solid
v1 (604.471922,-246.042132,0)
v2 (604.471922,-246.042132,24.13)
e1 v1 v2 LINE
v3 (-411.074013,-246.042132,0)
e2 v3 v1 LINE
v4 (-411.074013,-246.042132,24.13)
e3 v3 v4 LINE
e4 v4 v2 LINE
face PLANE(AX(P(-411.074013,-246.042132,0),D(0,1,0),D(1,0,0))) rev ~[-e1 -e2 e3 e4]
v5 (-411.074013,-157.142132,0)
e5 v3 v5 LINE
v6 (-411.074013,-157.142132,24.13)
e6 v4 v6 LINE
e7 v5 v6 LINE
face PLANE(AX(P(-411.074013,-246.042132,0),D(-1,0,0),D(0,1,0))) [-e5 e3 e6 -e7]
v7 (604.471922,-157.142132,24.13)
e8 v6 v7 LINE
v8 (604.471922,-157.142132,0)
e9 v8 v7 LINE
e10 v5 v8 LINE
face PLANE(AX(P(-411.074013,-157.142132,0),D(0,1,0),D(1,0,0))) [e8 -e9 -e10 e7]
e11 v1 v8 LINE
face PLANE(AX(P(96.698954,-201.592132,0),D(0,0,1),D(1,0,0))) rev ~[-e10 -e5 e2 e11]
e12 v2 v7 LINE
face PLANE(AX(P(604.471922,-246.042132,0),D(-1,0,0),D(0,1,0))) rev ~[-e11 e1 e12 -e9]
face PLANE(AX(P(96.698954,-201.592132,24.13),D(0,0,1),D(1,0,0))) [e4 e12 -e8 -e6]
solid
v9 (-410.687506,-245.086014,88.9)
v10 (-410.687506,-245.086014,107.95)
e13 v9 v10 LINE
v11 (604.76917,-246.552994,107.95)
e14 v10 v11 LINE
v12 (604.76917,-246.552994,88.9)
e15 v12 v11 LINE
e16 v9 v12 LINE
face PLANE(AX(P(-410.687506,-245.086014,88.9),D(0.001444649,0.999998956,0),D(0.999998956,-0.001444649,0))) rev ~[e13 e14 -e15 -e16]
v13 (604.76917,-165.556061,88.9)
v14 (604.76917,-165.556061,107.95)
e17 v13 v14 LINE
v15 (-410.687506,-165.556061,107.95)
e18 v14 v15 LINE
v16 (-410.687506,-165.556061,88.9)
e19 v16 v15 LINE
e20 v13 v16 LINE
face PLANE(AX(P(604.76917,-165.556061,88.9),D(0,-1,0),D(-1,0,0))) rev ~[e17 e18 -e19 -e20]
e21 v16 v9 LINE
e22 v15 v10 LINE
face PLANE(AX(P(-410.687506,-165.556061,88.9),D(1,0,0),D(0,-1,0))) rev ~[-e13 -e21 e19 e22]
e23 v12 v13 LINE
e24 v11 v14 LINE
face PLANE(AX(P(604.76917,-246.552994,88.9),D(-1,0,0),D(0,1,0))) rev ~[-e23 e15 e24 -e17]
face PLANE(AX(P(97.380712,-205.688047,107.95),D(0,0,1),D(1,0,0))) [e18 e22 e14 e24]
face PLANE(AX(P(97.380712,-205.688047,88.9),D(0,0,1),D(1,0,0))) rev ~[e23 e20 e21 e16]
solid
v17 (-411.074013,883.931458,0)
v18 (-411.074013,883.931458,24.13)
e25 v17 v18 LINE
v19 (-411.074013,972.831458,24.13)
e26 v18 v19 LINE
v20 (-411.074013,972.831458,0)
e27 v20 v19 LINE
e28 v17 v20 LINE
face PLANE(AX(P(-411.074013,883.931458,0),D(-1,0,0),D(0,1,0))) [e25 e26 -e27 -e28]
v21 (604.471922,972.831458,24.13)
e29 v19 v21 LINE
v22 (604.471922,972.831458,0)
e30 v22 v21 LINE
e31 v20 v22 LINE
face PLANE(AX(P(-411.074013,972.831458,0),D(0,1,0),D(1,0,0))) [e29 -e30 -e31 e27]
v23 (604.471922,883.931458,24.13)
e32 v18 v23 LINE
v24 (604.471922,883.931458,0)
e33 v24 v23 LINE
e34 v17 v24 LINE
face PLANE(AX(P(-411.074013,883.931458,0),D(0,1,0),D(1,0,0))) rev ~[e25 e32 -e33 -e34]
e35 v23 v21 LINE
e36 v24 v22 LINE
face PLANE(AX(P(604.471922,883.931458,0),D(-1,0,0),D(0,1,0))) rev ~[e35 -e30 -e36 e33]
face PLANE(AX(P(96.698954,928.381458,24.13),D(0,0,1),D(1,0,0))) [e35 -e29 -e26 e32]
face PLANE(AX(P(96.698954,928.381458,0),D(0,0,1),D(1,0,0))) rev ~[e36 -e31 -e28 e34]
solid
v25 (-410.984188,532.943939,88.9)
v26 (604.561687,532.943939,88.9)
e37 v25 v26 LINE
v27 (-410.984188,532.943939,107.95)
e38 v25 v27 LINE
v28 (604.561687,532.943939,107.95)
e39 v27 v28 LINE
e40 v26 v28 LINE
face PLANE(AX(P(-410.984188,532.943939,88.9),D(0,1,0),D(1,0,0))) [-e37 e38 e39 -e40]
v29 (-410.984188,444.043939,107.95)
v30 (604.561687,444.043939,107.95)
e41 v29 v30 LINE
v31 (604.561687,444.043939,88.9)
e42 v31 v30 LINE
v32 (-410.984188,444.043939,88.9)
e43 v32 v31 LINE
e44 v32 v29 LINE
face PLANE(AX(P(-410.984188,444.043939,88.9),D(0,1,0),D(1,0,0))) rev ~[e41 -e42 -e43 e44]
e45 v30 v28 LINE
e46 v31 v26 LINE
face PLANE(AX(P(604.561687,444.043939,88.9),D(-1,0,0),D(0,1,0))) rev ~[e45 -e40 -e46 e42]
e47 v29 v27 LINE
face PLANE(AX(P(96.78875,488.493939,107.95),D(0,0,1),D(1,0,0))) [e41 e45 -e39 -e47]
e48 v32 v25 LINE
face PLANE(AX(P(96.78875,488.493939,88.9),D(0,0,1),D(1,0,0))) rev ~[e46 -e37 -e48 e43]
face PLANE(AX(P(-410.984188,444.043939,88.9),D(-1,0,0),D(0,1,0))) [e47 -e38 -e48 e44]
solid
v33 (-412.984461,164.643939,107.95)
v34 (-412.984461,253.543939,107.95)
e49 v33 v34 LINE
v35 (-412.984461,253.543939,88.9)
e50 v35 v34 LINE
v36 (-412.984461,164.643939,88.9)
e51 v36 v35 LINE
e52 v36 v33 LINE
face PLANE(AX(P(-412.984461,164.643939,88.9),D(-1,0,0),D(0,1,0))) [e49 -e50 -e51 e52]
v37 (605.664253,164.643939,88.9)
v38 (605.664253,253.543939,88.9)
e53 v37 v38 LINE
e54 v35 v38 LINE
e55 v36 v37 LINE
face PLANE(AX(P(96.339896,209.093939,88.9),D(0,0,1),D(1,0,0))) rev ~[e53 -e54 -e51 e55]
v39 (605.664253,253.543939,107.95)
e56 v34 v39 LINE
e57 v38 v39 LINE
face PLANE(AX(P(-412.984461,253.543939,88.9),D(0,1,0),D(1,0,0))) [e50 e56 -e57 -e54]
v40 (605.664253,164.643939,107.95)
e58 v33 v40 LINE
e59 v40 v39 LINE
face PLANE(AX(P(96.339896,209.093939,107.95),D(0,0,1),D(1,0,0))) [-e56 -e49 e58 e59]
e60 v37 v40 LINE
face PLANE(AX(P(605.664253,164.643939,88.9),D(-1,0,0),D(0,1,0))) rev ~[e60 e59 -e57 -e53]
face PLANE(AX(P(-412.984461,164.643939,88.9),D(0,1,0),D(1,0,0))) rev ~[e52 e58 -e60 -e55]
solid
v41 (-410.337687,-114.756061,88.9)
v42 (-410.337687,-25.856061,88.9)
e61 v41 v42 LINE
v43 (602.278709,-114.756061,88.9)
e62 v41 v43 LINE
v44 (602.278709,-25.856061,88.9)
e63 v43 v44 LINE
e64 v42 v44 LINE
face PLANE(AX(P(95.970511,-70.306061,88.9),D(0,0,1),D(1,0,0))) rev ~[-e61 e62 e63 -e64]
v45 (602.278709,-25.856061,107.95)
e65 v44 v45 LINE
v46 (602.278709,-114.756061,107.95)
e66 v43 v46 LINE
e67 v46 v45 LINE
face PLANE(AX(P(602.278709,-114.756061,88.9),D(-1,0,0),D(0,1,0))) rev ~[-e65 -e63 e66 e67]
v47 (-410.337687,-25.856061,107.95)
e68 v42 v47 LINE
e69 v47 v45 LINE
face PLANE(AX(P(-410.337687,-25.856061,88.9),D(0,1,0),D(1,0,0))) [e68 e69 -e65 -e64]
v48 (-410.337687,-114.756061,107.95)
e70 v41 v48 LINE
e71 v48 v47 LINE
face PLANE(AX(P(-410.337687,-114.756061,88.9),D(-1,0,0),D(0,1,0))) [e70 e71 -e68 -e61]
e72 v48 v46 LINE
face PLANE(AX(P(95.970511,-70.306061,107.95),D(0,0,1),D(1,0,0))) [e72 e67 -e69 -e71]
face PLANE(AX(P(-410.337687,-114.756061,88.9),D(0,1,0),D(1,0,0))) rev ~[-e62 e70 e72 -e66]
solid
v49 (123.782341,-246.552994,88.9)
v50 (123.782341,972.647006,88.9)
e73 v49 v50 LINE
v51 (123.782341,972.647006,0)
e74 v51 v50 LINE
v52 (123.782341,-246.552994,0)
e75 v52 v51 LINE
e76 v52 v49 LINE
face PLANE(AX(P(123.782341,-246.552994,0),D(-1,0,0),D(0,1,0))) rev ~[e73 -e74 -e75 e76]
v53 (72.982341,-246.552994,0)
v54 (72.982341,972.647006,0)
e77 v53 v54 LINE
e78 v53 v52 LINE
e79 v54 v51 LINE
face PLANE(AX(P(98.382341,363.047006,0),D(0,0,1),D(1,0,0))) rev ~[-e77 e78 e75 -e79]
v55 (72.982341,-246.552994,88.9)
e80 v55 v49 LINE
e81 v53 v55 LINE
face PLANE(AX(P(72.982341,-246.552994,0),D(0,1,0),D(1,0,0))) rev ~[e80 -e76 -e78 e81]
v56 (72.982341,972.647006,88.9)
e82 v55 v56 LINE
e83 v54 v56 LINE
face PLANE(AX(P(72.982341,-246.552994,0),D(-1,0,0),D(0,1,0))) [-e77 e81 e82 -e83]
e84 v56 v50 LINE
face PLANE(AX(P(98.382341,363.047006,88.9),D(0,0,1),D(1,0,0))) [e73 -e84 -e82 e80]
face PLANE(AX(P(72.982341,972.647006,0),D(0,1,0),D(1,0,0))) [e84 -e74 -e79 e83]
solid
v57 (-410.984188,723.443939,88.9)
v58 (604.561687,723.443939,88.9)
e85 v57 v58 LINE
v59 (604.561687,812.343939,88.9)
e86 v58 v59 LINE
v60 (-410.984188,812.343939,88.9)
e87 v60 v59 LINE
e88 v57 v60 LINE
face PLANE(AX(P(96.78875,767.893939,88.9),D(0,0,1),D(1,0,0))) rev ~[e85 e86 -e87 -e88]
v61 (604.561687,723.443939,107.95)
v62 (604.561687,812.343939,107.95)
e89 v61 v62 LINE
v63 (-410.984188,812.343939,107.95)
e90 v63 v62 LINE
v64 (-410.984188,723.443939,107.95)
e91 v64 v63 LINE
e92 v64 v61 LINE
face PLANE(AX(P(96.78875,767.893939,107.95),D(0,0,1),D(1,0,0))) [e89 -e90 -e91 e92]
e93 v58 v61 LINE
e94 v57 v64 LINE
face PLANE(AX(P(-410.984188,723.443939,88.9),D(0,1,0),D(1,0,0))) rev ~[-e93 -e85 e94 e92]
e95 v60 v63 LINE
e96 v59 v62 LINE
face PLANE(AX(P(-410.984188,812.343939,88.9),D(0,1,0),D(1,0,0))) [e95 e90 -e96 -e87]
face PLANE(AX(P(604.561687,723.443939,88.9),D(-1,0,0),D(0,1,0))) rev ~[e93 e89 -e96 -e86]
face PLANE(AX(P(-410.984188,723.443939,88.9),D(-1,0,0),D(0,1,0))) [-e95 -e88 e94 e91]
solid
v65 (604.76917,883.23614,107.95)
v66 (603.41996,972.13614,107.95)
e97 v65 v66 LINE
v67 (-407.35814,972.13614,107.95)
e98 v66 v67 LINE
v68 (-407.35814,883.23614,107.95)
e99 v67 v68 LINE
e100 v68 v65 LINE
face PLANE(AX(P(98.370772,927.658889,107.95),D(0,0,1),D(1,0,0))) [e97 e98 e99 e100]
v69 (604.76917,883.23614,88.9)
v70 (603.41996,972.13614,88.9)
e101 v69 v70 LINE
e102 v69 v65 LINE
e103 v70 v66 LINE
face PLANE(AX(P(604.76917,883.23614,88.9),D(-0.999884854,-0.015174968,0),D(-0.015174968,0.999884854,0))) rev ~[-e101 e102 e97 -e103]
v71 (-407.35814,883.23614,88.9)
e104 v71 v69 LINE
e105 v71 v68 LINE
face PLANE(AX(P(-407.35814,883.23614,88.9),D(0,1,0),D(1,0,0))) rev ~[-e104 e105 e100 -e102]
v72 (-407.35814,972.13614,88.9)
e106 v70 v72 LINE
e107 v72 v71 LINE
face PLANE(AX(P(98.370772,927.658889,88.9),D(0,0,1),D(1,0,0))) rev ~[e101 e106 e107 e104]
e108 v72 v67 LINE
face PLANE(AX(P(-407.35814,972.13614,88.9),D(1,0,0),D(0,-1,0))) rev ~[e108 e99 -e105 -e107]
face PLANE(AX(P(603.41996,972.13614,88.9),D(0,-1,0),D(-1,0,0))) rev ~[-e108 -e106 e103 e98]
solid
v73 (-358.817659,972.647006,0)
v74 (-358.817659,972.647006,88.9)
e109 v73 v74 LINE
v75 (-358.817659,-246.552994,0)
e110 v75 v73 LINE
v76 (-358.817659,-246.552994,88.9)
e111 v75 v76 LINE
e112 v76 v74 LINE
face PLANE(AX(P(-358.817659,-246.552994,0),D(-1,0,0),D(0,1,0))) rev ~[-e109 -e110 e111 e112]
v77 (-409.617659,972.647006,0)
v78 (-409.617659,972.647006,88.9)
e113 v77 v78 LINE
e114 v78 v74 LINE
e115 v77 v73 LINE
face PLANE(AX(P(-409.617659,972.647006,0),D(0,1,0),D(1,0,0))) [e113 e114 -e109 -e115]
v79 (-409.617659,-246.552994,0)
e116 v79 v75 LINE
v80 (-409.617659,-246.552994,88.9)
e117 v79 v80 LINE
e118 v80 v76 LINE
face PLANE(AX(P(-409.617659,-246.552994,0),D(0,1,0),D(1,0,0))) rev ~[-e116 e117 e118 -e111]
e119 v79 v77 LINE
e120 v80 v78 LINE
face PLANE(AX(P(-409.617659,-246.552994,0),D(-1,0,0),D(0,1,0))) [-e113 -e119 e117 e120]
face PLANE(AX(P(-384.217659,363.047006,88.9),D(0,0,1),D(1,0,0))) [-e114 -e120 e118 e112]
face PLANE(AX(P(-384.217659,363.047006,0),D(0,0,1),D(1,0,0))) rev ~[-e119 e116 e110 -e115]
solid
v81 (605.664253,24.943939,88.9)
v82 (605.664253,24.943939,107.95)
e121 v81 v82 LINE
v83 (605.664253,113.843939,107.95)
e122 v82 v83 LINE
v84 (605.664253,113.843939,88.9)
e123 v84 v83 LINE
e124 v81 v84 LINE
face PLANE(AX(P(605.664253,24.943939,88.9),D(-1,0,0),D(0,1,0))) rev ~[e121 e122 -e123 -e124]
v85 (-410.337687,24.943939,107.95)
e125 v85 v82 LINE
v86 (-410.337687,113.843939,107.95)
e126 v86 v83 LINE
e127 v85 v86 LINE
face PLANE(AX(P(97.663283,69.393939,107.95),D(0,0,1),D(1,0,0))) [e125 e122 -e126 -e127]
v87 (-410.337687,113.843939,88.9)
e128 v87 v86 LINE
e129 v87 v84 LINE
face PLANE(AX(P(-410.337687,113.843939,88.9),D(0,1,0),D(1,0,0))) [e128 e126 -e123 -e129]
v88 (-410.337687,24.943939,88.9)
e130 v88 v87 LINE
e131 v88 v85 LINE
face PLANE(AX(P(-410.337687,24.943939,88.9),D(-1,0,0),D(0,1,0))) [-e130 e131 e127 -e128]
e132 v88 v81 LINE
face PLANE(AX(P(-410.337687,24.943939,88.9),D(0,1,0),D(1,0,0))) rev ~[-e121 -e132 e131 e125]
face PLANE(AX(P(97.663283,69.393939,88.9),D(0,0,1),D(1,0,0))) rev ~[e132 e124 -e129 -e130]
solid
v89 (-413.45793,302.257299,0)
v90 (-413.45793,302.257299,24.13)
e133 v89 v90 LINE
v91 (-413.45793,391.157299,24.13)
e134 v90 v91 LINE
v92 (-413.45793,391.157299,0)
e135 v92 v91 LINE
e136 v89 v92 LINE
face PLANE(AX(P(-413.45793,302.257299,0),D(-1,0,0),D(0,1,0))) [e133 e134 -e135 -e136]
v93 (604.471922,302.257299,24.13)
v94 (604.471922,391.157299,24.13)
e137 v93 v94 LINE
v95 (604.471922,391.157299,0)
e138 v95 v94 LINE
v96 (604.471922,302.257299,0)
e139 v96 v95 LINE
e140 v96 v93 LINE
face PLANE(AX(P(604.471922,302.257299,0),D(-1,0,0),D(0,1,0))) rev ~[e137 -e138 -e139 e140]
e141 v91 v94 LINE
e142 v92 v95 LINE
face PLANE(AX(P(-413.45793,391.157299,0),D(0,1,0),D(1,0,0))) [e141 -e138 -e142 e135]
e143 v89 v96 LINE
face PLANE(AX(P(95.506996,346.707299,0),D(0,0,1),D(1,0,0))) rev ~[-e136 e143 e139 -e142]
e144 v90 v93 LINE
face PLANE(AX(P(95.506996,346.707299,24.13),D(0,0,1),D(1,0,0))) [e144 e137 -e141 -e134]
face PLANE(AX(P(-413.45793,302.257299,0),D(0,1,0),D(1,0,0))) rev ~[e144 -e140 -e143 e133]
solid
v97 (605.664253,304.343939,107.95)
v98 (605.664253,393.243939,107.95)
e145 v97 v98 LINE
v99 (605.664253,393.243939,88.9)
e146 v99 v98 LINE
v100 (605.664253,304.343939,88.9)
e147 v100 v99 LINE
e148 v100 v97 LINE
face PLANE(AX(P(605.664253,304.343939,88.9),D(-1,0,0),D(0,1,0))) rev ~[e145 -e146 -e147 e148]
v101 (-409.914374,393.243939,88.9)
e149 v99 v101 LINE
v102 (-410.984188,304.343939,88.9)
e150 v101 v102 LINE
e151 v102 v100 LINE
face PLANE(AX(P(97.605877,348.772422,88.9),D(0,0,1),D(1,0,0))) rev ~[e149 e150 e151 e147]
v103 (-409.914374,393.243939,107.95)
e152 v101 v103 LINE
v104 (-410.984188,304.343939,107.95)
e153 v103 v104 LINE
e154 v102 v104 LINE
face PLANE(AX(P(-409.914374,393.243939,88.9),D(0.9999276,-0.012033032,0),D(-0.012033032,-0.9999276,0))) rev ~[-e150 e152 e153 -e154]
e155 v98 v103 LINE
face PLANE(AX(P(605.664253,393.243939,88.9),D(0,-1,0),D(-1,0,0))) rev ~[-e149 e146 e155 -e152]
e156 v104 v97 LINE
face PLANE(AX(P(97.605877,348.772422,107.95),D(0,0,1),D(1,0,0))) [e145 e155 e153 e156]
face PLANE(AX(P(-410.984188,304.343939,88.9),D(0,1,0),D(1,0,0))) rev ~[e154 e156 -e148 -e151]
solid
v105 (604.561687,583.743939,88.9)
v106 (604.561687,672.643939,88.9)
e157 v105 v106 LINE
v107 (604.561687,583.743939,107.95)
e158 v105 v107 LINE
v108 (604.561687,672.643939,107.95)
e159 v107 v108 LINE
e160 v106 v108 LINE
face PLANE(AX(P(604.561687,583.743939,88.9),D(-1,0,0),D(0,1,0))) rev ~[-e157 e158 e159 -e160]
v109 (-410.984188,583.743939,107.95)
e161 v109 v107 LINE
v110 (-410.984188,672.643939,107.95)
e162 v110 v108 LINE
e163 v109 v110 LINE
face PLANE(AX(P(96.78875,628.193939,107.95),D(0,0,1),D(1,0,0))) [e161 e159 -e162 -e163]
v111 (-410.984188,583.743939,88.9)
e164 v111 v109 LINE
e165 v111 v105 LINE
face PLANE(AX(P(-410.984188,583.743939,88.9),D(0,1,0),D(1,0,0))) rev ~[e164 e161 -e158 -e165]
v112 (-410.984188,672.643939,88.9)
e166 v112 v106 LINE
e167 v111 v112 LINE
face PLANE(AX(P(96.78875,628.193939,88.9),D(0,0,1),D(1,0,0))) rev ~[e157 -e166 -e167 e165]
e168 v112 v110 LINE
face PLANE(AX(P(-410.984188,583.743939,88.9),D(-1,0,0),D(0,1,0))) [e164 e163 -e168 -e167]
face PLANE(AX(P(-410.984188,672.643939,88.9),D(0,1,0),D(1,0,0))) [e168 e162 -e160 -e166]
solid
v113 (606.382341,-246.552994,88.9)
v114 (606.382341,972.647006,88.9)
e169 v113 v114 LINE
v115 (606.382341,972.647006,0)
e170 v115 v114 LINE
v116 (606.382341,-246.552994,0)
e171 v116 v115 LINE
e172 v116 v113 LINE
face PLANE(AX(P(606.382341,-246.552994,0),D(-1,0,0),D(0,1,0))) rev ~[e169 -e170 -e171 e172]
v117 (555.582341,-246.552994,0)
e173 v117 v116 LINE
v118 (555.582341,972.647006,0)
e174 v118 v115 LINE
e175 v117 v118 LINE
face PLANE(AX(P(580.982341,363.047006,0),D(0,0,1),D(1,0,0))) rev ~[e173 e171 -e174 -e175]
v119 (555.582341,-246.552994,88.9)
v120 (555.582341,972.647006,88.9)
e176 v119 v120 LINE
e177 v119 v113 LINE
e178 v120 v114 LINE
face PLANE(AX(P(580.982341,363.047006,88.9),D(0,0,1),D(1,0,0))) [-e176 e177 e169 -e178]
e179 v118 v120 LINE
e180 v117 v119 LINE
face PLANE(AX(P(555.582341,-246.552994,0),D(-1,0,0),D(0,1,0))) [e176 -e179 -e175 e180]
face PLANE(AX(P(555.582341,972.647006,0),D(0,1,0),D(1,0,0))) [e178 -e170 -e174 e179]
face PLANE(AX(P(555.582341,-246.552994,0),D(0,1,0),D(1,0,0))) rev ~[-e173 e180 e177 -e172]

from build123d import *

# Parameters (mm, degrees)
F0_W     = 50.8
F0_H     = 1219.2
F1_DEPTH = 88.9
F2_W     = 1015.545875
F2_H     = 88.9
F2_W_2   = 1018.648714
F2_W_3   = 1016.00194
F2_W_4   = 1012.616396
F3_DEPTH = 19.05
F4_W     = 1015.545935
F4_H     = 88.9
F4_W_2   = 1017.929852
F5_DEPTH = 24.13


with BuildPart() as f1:
    # F0 (on Top) → F1 (new body)
    with BuildSketch(Plane.XY):
        with Locations((-384.217659, 363.047006)):
            Rectangle(F0_W, F0_H)
        with Locations((98.382341, 363.047006)):
            Rectangle(F0_W, F0_H)
        with Locations((580.982341, 363.047006)):
            Rectangle(F0_W, F0_H)
    extrude(amount=F1_DEPTH)


with BuildPart() as f3:
    # F2 (on face) → F3 (new body)
    with BuildSketch(Plane.XY.offset(88.9)):
        with Locations((96.78875, 767.893939)):
            Rectangle(F2_W, F2_H)
        with Locations((96.78875, 628.193939)):
            Rectangle(F2_W, F2_H)
        with Locations((96.78875, 488.493939)):
            Rectangle(F2_W, F2_H)
        Polygon((605.664253, 393.243939), (-409.914374, 393.243939), (-410.984188, 304.343939), (605.664253, 304.343939), align=None)
        with Locations((96.339896, 209.093939)):
            Rectangle(F2_W_2, F2_H)
        with Locations((97.663283, 69.393939)):
            Rectangle(F2_W_3, F2_H)
        with Locations((95.970511, -70.306061)):
            Rectangle(F2_W_4, F2_H)
        Polygon((-410.687506, -165.556061), (-410.687506, -245.086014), (604.76917, -246.552994), (604.76917, -165.556061), align=None)
        Polygon((604.528725, 883.23614), (604.76917, 883.23614), (603.41996, 972.13614), (-407.35814, 972.13614), (-407.35814, 883.23614), align=None)
    extrude(amount=F3_DEPTH)


with BuildPart() as f5:
    # F4 (on Top) → F5 (new body)
    with BuildSketch(Plane.XY):
        with Locations((96.698954, -201.592132)):
            Rectangle(F4_W, F4_H)
        with Locations((95.506996, 346.707299)):
            Rectangle(F4_W_2, F4_H)
        with Locations((96.698954, 928.381458)):
            Rectangle(F4_W, F4_H)
    extrude(amount=F5_DEPTH)


solid = Compound([f1.part, f3.part, f5.part])
